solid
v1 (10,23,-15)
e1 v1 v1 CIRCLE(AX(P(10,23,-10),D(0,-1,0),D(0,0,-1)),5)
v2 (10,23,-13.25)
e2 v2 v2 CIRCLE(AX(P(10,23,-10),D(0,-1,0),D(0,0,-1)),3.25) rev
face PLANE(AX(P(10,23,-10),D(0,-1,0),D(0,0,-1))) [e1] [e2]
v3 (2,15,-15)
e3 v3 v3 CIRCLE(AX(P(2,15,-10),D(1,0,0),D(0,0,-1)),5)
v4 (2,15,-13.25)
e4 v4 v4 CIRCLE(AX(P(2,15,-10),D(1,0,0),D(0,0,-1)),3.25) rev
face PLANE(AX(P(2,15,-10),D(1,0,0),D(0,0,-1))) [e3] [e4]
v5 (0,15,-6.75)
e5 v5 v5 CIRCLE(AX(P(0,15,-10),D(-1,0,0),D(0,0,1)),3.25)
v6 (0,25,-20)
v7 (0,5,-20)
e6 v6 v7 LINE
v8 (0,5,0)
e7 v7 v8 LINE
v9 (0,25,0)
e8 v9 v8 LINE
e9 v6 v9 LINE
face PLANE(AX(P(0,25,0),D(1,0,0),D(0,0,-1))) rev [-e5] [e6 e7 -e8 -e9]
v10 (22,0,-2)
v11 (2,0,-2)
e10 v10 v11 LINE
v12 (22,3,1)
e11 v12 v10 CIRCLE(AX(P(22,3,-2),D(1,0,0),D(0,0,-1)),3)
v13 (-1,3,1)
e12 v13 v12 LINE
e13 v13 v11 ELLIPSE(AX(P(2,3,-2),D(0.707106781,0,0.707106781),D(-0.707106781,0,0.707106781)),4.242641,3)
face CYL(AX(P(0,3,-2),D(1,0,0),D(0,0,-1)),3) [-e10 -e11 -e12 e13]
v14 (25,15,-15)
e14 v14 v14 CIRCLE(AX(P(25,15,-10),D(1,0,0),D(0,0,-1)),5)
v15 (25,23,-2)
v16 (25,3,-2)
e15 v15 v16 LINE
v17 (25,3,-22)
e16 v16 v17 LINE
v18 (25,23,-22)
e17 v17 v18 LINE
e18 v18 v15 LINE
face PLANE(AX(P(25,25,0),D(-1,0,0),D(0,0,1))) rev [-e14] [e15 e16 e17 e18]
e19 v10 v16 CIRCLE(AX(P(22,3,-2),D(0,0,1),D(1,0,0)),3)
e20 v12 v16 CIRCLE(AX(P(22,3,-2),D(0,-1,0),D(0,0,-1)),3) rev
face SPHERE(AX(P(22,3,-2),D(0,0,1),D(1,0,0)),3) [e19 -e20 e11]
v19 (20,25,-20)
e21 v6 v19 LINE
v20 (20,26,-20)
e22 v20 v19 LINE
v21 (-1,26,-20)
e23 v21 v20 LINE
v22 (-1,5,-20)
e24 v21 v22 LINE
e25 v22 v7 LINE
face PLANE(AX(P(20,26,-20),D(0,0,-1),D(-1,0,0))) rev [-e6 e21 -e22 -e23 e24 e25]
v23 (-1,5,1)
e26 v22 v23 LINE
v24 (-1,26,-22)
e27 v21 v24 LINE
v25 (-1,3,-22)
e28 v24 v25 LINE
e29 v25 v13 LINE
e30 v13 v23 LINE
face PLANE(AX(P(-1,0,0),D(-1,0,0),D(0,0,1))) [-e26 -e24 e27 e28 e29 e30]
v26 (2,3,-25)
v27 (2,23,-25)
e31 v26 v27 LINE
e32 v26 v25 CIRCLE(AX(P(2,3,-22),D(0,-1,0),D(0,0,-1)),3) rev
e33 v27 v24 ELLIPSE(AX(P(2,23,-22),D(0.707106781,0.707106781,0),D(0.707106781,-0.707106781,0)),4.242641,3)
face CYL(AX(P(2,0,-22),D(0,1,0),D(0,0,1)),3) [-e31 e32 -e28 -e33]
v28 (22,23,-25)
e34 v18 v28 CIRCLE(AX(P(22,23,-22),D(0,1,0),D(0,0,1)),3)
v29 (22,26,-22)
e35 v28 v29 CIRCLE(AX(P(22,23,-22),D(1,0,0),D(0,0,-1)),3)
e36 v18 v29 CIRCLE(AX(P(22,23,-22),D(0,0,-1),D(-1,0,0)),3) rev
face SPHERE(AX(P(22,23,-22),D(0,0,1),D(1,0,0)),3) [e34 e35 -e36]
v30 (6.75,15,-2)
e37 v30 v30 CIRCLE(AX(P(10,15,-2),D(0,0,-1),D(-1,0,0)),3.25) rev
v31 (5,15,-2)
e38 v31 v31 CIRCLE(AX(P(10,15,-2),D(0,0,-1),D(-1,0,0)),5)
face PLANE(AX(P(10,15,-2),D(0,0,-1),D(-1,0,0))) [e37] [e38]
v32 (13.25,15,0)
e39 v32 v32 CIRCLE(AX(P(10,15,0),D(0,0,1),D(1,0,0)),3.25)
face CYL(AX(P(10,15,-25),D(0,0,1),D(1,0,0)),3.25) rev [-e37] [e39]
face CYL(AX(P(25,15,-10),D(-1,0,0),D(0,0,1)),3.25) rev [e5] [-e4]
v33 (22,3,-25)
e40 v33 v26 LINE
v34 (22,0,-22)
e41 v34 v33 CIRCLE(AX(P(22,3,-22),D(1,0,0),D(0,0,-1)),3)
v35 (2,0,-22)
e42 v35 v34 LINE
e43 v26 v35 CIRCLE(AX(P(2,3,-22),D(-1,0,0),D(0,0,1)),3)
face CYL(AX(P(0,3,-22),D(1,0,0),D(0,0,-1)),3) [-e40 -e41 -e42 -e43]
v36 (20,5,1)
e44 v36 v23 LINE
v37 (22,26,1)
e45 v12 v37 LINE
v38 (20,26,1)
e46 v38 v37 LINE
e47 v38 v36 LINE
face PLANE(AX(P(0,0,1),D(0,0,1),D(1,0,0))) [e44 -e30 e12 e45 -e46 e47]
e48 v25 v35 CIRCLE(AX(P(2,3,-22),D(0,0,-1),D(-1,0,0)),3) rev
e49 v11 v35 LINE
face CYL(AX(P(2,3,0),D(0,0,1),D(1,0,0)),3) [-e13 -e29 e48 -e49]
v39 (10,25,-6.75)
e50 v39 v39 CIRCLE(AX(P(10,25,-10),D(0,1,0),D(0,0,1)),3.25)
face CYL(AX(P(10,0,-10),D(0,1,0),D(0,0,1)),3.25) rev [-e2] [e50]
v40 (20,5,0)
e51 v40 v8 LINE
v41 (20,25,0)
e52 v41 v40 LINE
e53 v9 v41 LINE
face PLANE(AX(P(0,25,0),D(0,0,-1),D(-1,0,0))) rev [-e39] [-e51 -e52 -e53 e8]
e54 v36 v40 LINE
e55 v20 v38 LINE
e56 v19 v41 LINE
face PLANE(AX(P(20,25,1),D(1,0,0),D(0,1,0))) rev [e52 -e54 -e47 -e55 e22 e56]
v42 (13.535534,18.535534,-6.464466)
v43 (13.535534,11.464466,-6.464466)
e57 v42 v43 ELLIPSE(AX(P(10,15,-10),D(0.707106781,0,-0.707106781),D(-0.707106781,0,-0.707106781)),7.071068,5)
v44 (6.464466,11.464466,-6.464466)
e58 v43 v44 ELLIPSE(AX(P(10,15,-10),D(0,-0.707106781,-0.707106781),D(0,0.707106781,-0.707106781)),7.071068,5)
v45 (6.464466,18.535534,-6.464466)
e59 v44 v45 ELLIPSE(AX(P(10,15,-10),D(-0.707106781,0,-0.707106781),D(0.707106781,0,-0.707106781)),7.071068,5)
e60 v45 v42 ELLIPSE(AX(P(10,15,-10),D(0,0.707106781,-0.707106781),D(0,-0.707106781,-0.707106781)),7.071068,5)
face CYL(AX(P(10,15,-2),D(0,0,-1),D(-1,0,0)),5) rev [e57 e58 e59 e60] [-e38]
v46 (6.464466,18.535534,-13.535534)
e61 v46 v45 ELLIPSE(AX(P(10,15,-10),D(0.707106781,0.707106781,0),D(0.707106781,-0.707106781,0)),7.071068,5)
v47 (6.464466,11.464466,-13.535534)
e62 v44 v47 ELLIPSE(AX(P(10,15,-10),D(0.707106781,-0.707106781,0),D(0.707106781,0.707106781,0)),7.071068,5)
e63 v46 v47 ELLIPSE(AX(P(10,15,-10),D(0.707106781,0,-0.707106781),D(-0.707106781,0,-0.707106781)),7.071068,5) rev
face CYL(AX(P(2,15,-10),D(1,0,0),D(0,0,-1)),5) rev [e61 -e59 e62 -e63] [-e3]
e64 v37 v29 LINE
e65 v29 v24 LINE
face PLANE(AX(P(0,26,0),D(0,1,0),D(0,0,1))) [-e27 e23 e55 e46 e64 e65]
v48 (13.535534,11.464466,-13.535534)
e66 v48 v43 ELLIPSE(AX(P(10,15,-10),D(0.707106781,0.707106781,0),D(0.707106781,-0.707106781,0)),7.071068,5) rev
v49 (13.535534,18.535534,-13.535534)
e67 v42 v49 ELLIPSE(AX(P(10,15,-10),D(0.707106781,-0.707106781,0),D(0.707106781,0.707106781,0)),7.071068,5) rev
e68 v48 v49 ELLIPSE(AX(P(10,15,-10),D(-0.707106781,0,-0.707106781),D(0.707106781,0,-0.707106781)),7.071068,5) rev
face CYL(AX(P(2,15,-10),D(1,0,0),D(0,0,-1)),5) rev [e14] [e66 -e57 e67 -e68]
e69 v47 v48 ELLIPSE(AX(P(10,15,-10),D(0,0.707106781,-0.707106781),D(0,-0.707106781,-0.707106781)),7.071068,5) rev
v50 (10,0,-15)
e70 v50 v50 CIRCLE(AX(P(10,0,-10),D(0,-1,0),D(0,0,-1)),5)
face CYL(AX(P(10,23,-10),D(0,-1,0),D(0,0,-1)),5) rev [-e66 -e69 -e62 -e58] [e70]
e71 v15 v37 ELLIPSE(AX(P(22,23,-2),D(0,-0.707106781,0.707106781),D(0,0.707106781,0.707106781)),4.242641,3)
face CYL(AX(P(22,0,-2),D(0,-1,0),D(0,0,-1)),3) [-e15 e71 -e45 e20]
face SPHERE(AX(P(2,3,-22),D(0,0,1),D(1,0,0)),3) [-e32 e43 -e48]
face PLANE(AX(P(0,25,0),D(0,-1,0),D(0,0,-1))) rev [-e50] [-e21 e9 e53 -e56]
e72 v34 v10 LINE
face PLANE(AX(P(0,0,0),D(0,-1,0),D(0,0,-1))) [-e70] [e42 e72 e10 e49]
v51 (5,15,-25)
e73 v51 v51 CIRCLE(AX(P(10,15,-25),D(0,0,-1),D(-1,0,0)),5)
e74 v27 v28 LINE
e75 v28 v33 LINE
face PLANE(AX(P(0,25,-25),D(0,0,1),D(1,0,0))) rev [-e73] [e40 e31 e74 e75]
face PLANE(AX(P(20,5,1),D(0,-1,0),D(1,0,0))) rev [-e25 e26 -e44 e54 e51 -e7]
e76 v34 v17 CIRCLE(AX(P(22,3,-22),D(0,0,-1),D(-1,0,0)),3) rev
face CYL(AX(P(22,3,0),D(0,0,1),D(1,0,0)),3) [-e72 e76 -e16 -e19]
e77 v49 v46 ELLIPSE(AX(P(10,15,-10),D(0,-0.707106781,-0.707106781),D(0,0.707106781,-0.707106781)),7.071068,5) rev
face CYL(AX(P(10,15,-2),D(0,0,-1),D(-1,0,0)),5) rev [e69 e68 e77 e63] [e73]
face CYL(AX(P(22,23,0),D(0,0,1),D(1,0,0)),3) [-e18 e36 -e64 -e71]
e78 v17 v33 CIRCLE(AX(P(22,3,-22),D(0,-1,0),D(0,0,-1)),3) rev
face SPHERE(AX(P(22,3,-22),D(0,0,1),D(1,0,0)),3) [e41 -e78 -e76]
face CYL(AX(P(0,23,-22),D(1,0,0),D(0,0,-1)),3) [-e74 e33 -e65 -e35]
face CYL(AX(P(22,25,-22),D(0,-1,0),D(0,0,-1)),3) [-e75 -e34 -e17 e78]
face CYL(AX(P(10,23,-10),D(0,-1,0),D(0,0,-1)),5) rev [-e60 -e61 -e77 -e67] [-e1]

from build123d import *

# Parameters (mm, degrees)
SKETCH2_W           = 25
SKETCH2_H           = 25
BOSS_EXTRUDE1_DEPTH = 25
SKETCH3_R           = 3.25
CUT_EXTRUDE1_DEPTH  = 44.301270189
SKETCH4_R           = 3.25
CUT_EXTRUDE2_DEPTH  = 44.301270189
SKETCH5_R           = 3.25
CUT_EXTRUDE3_DEPTH  = 44.301270189
SKETCH6_R           = 5
CUT_EXTRUDE4_DEPTH  = 23
SKETCH7_R           = 5
CUT_EXTRUDE5_DEPTH  = 23
SKETCH12_R          = 5
CUT_EXTRUDE9_DEPTH  = 23
BOSS_EXTRUDE2_DEPTH = 1
BOSS_EXTRUDE3_DEPTH = 1
BOSS_EXTRUDE4_DEPTH = 1
FILLET2_R           = 3


with BuildPart() as part:
    # Sketch2 → Boss-Extrude1 (new body)
    with BuildSketch(Plane(origin=(0, 0, 0), x_dir=(1, 0, 0), z_dir=(0, 1, 0))):
        with Locations((12.5, 12.5)):
            Rectangle(SKETCH2_W, SKETCH2_H)
    extrude(amount=BOSS_EXTRUDE1_DEPTH)

    # Sketch3 → Cut-Extrude1 (cut, through all)
    with BuildSketch(Plane(origin=(0, 25, 0), x_dir=(1, 0, 0), z_dir=(0, 1, 0))):
        with Locations(Location((10, 10, 0), (0, 0, 270))):
            Circle(SKETCH3_R)
    extrude(amount=-CUT_EXTRUDE1_DEPTH, mode=Mode.SUBTRACT)

    # Sketch4 → Cut-Extrude2 (cut, through all)
    with BuildSketch(Plane.ZY):
        with Locations((-10, 15)):
            Circle(SKETCH4_R)
    extrude(amount=-CUT_EXTRUDE2_DEPTH, mode=Mode.SUBTRACT)

    # Sketch5 → Cut-Extrude3 (cut, through all)
    with BuildSketch(Plane.XY):
        with Locations((10, 15)):
            Circle(SKETCH5_R)
    extrude(amount=-CUT_EXTRUDE3_DEPTH, mode=Mode.SUBTRACT)

    # Sketch6 → Cut-Extrude4 (cut)
    with BuildSketch(Plane(origin=(0, 0, -25), x_dir=(-1, 0, 0), z_dir=(0, 0, -1))):
        with Locations((-10, 15)):
            Circle(SKETCH6_R)
    extrude(amount=-CUT_EXTRUDE4_DEPTH, mode=Mode.SUBTRACT)

    # Sketch7 → Cut-Extrude5 (cut)
    with BuildSketch(Plane(origin=(25, 0, 0), x_dir=(0, 0, -1), z_dir=(1, 0, 0))):
        with Locations((10, 15)):
            Circle(SKETCH7_R)
    extrude(amount=-CUT_EXTRUDE5_DEPTH, mode=Mode.SUBTRACT)

    # Sketch12 → Cut-Extrude9 (cut)
    with BuildSketch(Plane.XZ):
        with Locations(Location((10, -10, 0), (0, 0, 270))):
            Circle(SKETCH12_R)
    extrude(amount=-CUT_EXTRUDE9_DEPTH, mode=Mode.SUBTRACT)

    # Sketch19 → Boss-Extrude2 (add)
    with BuildSketch(Plane.XY):
        Polygon((20, 25), (20, 5), (0, 5), (0, 0), (25, 0), (25, 25), align=None)
    extrude(amount=BOSS_EXTRUDE2_DEPTH)

    # Sketch20 → Boss-Extrude3 (add)
    with BuildSketch(Plane(origin=(0, 25, 0), x_dir=(1, 0, 0), z_dir=(0, 1, 0))):
        Polygon((20, 0), (20, 20), (0, 20), (0, 25), (25, 25), (25, -1), (20, -1), align=None)
    extrude(amount=BOSS_EXTRUDE3_DEPTH)

    # Sketch21 → Boss-Extrude4 (add)
    with BuildSketch(Plane.ZY):
        Polygon((-20, 5), (0, 5), (1, 5), (1, 0), (-25, 0), (-25, 26), (-20, 26), (-20, 25), align=None)
    extrude(amount=BOSS_EXTRUDE4_DEPTH)

    # Fillet2
    fillet2_edges = [part.edges().sort_by_distance(p)[0] for p in [
        (12, 0, 1),
        (25, 13, 1),
        (25, 26, -12),
        (12, 26, -25),
        (-1, 13, -25),
        (-1, 0, -12),
        (12, 0, -25),
        (25, 0, -12),
        (25, 13, -25),
    ]]
    fillet(fillet2_edges, radius=FILLET2_R)


solid = part.part
